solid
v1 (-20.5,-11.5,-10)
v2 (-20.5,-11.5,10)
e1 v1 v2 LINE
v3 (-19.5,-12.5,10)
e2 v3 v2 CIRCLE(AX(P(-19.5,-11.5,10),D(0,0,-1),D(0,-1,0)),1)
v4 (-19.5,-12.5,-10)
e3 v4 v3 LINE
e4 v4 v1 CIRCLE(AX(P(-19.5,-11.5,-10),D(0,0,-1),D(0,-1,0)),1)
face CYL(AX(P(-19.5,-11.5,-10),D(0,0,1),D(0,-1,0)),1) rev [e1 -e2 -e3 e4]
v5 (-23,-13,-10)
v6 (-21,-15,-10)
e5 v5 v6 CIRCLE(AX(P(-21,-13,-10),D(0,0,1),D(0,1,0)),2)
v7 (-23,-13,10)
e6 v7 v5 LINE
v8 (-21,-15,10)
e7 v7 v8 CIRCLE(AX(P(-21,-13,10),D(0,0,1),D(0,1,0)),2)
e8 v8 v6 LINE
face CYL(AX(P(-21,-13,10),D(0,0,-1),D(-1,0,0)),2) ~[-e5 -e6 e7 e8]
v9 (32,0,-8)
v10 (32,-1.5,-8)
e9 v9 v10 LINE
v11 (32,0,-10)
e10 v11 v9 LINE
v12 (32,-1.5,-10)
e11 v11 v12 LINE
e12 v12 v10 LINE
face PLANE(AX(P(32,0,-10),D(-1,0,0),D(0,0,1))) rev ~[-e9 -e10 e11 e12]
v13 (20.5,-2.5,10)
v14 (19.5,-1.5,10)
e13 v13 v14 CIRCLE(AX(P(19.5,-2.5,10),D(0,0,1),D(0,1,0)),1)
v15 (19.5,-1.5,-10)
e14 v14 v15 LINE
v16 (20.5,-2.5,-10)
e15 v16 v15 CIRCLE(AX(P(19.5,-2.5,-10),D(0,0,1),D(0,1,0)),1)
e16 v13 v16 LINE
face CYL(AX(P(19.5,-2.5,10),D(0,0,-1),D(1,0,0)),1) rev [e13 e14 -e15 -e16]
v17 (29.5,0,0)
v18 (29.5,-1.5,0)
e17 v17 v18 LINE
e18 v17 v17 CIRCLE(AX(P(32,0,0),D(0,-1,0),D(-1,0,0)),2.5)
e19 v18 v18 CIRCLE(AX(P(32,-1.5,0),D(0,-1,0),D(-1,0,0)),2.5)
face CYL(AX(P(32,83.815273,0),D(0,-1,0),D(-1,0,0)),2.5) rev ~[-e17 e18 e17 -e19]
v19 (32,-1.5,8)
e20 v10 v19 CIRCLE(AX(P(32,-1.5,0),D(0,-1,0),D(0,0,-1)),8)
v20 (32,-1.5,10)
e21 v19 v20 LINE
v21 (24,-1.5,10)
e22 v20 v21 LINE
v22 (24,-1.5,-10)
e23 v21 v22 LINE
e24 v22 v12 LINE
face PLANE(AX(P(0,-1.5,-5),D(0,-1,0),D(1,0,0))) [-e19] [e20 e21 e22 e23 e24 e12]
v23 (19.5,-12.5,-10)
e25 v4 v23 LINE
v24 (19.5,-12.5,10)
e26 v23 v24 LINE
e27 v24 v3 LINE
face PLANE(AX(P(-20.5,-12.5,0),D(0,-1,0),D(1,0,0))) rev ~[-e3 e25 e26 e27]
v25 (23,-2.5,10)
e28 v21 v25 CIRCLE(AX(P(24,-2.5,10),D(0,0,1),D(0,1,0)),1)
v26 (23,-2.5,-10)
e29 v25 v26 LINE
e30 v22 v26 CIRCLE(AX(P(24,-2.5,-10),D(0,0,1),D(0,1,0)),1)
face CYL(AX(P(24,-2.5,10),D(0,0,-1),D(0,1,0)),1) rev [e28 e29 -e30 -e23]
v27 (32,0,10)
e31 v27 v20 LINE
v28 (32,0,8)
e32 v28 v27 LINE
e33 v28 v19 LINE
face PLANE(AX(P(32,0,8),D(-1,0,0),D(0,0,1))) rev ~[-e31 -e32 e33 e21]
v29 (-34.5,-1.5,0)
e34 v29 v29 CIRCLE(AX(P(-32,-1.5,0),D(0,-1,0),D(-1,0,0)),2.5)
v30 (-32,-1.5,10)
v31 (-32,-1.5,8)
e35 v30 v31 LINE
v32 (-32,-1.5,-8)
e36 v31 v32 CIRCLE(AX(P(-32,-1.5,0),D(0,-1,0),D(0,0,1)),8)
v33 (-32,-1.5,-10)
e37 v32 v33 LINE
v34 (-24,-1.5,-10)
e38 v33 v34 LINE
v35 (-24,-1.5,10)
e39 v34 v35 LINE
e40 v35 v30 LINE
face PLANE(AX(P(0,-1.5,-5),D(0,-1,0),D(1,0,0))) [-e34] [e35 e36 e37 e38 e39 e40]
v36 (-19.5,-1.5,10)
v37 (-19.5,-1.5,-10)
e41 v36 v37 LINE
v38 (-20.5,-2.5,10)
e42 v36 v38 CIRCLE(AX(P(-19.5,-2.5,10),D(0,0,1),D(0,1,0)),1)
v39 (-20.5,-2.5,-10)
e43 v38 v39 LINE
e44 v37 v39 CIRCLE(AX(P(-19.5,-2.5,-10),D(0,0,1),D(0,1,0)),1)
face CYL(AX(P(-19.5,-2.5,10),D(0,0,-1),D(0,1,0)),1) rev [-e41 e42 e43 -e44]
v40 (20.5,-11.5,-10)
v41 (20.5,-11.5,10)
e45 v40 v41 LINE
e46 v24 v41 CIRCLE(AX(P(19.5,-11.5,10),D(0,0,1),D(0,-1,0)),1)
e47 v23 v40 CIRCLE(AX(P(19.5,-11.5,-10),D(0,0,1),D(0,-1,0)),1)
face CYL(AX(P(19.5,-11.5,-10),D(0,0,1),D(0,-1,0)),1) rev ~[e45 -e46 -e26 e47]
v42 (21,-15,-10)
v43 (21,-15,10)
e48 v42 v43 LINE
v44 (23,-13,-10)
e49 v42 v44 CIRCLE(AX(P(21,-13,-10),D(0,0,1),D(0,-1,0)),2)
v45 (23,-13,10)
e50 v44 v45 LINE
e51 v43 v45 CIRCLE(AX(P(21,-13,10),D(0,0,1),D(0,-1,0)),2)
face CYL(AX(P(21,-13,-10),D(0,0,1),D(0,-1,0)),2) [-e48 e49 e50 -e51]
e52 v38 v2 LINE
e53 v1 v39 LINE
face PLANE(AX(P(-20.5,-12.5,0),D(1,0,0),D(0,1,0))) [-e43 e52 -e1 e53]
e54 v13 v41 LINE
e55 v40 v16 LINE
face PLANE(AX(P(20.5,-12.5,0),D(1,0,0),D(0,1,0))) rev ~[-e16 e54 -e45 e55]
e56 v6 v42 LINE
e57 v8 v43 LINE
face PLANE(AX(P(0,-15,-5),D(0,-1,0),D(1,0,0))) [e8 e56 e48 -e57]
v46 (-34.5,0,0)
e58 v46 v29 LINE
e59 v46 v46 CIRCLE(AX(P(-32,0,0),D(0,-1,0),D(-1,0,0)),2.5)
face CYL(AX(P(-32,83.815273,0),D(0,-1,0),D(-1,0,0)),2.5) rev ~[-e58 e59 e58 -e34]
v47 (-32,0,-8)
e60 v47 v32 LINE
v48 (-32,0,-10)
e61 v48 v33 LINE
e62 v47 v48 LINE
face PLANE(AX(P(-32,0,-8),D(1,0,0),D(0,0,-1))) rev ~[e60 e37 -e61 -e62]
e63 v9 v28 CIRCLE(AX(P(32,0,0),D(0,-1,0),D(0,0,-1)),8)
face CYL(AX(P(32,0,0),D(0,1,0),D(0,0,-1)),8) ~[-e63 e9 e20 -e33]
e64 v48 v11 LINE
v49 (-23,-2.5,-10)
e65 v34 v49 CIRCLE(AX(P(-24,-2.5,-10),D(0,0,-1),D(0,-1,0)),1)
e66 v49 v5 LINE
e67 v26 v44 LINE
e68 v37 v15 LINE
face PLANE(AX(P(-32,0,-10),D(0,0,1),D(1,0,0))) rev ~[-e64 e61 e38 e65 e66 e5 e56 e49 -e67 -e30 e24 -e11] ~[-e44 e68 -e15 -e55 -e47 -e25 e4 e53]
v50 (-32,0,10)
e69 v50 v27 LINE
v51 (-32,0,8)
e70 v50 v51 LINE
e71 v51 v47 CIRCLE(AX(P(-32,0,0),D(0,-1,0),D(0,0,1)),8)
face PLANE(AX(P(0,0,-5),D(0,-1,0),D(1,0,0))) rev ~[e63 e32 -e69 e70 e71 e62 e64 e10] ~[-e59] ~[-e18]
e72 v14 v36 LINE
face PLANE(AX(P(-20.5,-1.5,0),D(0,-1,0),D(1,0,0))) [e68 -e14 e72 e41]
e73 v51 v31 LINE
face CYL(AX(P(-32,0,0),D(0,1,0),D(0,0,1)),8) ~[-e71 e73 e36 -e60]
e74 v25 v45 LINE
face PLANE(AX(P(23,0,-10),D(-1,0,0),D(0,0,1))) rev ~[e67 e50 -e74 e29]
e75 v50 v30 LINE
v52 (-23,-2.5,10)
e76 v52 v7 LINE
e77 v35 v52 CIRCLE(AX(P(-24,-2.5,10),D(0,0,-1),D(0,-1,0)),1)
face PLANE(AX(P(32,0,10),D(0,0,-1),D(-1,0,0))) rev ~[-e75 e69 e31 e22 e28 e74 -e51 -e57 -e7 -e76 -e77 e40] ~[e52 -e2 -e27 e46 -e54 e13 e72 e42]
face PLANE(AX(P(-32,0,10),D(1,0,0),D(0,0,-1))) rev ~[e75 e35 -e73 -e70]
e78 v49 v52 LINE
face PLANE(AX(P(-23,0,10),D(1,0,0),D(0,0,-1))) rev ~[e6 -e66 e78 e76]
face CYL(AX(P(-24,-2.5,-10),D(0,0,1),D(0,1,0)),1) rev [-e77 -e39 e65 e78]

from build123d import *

# Parameters (mm, degrees)
F0_W     = 46
F0_H     = 10
F1_DEPTH = 1.5
F2_DEPTH = 15
F3_W     = 41
F3_H     = 11
F4_DEPTH = 12.5
F5_D     = 5
F6_R     = 1
F7_R     = 2


with BuildPart() as f1:
    # F0 (on Front) → F1 (new body)
    with BuildSketch(Plane.XZ):
        with Locations((0, -5)):
            Rectangle(F0_W, F0_H)
        with Locations((0, 5)):
            Rectangle(F0_W, F0_H)
        Polygon((32, 10), (23, 10), (23, 0), (23, -10), (32, -10), (32, -8), (32, 8), align=None)
        with BuildLine():
            ThreePointArc((32, -8), (40, 0), (32, 8))
            Line((32, 8), (32, -8))
        make_face()
        Polygon((-23, 10), (-32, 10), (-32, 8), (-32, -8), (-32, -10), (-23, -10), (-23, 0), align=None)
        with BuildLine():
            Line((-32, -8), (-32, 8))
            ThreePointArc((-32, 8), (-40, 0), (-32, -8))
        make_face()
    extrude(amount=F1_DEPTH)

    # F0 (on Front) → F2 (join)
    with BuildSketch(Plane.XZ):
        with Locations((0, -5)):
            Rectangle(F0_W, F0_H)
        with Locations((0, 5)):
            Rectangle(F0_W, F0_H)
    extrude(amount=F2_DEPTH)

    # F3 (on Top) → F4 (cut, symmetric)
    with BuildSketch(Plane.XY):
        with Locations((0, -7)):
            Rectangle(F3_W, F3_H)
    extrude(amount=F4_DEPTH, both=True, mode=Mode.SUBTRACT)

    # F5 (through all)
    with Locations(Plane(origin=(0, 0, 0), x_dir=(1, 0, 0), z_dir=(0, 1, 0))):
        with Locations((-32, 0), (32, 0)):
            Hole(F5_D / 2)

    # F6
    f6_edges = [f1.edges().sort_by_distance(p)[0] for p in [
        (-23, -1.5, 0),
        (-20.5, -1.5, 0),
        (23, -1.5, 0),
        (20.5, -1.5, 0),
        (-20.5, -12.5, 0),
        (20.5, -12.5, 0),
    ]]
    fillet(f6_edges, radius=F6_R)

    # F7
    f7_edges = [f1.edges().sort_by_distance(p)[0] for p in [
        (-23, -15, 0),
        (23, -15, 0),
    ]]
    fillet(f7_edges, radius=F7_R)


solid = f1.part
